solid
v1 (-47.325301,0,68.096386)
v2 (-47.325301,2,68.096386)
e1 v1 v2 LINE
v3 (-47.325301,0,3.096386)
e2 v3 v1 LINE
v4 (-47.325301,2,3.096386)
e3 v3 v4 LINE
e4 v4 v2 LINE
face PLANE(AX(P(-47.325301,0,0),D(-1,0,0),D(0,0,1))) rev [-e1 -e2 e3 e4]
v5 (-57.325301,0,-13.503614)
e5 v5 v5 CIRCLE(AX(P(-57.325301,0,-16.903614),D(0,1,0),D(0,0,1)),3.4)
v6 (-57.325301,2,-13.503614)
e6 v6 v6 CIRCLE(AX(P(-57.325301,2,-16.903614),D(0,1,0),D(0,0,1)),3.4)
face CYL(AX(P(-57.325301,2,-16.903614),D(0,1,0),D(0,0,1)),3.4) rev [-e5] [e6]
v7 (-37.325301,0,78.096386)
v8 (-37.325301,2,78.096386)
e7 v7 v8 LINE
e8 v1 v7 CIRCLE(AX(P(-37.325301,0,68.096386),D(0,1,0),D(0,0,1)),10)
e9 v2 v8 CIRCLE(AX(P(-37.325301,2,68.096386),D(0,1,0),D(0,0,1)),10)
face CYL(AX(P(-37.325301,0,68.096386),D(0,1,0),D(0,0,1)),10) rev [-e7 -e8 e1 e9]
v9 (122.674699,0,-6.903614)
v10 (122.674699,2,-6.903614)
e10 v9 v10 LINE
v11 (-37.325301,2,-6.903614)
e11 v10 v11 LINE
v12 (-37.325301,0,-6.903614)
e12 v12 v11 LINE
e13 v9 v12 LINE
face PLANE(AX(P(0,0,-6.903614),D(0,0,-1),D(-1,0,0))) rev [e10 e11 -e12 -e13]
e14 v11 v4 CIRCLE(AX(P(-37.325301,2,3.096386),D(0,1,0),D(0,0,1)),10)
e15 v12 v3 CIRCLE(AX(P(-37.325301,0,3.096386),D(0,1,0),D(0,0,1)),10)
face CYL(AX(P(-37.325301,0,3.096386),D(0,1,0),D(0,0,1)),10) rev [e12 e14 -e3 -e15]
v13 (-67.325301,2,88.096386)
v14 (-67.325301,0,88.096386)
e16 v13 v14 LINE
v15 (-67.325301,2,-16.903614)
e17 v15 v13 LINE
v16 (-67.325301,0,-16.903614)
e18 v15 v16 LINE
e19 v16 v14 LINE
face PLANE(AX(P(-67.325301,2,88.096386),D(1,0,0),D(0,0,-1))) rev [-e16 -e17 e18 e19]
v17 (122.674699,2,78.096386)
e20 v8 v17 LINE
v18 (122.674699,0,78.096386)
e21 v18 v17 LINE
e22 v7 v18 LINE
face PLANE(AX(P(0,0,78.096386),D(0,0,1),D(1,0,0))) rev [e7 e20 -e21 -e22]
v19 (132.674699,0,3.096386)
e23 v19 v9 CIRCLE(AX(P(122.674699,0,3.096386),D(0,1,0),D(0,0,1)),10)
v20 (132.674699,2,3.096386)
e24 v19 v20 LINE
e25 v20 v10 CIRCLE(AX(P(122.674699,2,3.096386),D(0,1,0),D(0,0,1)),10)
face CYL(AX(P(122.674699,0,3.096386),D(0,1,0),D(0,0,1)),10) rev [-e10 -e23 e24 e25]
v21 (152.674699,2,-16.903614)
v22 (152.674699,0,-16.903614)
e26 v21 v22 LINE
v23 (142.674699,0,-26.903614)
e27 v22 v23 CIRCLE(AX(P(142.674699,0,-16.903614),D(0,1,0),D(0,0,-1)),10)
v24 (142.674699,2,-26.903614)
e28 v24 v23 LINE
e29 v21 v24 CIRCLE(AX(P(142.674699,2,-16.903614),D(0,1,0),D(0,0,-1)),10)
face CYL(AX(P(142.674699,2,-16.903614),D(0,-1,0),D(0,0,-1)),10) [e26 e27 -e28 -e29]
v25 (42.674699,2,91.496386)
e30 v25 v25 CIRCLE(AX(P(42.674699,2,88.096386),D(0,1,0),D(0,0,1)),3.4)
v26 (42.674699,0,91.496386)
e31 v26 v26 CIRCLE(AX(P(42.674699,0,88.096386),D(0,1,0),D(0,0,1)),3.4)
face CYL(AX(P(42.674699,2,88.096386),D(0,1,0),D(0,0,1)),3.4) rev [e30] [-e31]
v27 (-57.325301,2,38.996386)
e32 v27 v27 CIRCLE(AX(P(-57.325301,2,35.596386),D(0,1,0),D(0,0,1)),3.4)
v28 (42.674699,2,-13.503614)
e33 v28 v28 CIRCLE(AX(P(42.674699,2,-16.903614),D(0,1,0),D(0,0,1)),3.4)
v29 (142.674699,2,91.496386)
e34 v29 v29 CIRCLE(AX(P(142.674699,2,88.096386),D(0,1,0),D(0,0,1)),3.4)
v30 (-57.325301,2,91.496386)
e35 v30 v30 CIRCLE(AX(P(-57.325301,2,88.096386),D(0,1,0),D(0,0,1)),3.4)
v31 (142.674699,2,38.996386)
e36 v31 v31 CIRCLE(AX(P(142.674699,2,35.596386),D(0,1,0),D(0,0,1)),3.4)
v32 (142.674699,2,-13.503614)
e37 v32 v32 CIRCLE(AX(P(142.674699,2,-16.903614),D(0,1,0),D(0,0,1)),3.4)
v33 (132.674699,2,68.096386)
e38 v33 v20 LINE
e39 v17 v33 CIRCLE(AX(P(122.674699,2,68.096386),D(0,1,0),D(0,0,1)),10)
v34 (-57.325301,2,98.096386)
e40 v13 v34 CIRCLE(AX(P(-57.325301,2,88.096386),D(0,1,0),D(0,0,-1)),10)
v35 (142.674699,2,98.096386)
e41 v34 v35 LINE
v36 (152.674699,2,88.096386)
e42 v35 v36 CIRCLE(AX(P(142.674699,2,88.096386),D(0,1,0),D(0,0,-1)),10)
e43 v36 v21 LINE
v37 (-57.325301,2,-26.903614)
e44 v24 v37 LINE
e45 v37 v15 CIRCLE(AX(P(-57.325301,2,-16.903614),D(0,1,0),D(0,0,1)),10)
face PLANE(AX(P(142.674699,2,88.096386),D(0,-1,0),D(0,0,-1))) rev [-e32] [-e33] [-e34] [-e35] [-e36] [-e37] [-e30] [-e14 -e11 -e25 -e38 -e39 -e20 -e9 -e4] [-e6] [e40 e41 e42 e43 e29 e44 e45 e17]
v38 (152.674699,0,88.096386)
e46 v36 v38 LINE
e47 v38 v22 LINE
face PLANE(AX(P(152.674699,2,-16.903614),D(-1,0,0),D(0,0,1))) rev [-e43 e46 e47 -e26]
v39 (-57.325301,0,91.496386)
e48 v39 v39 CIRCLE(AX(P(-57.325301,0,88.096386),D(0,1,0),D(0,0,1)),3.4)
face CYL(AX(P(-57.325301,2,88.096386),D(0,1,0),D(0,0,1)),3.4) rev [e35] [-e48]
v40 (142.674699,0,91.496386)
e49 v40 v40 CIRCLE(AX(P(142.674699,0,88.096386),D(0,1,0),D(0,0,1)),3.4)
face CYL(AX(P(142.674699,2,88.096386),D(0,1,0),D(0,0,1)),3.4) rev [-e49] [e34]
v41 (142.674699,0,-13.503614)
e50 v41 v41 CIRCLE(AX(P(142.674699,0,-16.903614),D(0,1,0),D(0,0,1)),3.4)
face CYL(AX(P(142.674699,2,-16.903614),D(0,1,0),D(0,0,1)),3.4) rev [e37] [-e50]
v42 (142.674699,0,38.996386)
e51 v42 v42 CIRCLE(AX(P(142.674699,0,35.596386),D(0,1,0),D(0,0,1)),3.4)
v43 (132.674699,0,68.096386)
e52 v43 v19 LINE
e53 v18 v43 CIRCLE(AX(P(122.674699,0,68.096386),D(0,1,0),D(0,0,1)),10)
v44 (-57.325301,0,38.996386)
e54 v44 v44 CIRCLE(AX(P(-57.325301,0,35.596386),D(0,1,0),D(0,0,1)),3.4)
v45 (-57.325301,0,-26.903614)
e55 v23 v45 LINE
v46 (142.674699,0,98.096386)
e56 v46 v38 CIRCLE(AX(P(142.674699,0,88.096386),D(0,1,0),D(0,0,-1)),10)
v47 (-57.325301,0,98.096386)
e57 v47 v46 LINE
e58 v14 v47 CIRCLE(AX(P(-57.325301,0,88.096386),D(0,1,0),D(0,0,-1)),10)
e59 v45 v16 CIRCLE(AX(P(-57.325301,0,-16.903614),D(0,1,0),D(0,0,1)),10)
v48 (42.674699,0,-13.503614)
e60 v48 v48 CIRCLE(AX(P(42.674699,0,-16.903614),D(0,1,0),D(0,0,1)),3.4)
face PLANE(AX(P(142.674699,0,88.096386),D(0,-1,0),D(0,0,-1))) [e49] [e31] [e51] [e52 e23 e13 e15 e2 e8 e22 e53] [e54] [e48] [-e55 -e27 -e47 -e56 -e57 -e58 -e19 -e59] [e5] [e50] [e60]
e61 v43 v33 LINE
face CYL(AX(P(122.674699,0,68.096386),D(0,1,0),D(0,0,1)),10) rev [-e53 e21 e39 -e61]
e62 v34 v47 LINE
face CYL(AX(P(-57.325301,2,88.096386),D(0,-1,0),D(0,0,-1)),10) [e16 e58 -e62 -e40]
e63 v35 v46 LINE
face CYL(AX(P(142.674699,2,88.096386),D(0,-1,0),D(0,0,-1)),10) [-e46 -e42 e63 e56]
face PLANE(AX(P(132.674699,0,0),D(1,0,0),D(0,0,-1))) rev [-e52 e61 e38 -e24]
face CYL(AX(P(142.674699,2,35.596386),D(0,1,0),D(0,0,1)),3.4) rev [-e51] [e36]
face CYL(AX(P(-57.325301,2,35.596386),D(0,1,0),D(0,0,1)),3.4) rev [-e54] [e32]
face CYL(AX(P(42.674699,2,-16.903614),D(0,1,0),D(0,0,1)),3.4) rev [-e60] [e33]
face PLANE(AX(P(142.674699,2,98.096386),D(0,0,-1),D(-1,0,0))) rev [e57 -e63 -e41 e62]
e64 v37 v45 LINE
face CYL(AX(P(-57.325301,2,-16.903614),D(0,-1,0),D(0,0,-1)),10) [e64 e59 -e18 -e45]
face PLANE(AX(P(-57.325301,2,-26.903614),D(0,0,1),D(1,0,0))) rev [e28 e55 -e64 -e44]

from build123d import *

# Parameters (mm, degrees)
BOSS_EXTRUDE1_DEPTH = 2
M8_TAPPED_HOLE1_D   = 6.8
CUT_EXTRUDE1_DEPTH  = 2


with BuildPart() as part:
    # Sketch1 → Boss-Extrude1 (new body)
    with BuildSketch(Plane(origin=(0, 0, 0), x_dir=(1, 0, 0), z_dir=(0, 1, 0))):
        with BuildLine():
            Line((-57.325301205, 26.903614458), (142.674698795, 26.903614458))
            ThreePointArc((142.674698795, 26.903614458), (149.745766607, 23.97468227), (152.674698795, 16.903614458))
            Line((152.674698795, 16.903614458), (152.674698795, -88.096385542))
            ThreePointArc((152.674698795, -88.096385542), (149.745766607, -95.167453354), (142.674698795, -98.096385542))
            Line((142.674698795, -98.096385542), (-57.325301205, -98.096385542))
            ThreePointArc((-57.325301205, -98.096385542), (-64.396369017, -95.167453354), (-67.325301205, -88.096385542))
            Line((-67.325301205, -88.096385542), (-67.325301205, 16.903614458))
            ThreePointArc((-67.325301205, 16.903614458), (-64.396369017, 23.97468227), (-57.325301205, 26.903614458))
        make_face()
    extrude(amount=BOSS_EXTRUDE1_DEPTH)

    # M8 Tapped Hole1 (through all)
    with Locations(Plane(origin=(0, 2, 0), x_dir=(1, 0, 0), z_dir=(0, 1, 0))):
        with Locations((-57.325301205, 16.903614458), (142.674698795, 16.903614458), (-57.325301205, -88.096385542), (142.674698795, -88.096385542), (42.674698795, -88.096385542), (42.674698795, 16.903614458), (142.674698795, -35.596385542), (-57.325301205, -35.596385542)):
            Hole(M8_TAPPED_HOLE1_D / 2)

    # Sketch4 → Cut-Extrude1 (cut)
    with BuildSketch(Plane(origin=(0, 2, 0), x_dir=(1, 0, 0), z_dir=(0, 1, 0))):
        with BuildLine():
            Line((122.674698795, 6.903614458), (-37.325301205, 6.903614458))
            ThreePointArc((-37.325301205, 6.903614458), (-44.396369017, 3.97468227), (-47.325301205, -3.096385542))
            Line((-47.325301205, -3.096385542), (-47.325301205, -35.596385542))
            Line((-47.325301205, -35.596385542), (-47.325301205, -68.096385542))
            ThreePointArc((-47.325301205, -68.096385542), (-44.396369017, -75.167453354), (-37.325301205, -78.096385542))
            Line((-37.325301205, -78.096385542), (122.674698795, -78.096385542))
            ThreePointArc((122.674698795, -78.096385542), (129.745766607, -75.167453354), (132.674698795, -68.096385542))
            Line((132.674698795, -68.096385542), (132.674698795, -3.096385542))
            ThreePointArc((132.674698795, -3.096385542), (129.745766607, 3.97468227), (122.674698795, 6.903614458))
        make_face()
    extrude(amount=-CUT_EXTRUDE1_DEPTH, mode=Mode.SUBTRACT)


solid = part.part
